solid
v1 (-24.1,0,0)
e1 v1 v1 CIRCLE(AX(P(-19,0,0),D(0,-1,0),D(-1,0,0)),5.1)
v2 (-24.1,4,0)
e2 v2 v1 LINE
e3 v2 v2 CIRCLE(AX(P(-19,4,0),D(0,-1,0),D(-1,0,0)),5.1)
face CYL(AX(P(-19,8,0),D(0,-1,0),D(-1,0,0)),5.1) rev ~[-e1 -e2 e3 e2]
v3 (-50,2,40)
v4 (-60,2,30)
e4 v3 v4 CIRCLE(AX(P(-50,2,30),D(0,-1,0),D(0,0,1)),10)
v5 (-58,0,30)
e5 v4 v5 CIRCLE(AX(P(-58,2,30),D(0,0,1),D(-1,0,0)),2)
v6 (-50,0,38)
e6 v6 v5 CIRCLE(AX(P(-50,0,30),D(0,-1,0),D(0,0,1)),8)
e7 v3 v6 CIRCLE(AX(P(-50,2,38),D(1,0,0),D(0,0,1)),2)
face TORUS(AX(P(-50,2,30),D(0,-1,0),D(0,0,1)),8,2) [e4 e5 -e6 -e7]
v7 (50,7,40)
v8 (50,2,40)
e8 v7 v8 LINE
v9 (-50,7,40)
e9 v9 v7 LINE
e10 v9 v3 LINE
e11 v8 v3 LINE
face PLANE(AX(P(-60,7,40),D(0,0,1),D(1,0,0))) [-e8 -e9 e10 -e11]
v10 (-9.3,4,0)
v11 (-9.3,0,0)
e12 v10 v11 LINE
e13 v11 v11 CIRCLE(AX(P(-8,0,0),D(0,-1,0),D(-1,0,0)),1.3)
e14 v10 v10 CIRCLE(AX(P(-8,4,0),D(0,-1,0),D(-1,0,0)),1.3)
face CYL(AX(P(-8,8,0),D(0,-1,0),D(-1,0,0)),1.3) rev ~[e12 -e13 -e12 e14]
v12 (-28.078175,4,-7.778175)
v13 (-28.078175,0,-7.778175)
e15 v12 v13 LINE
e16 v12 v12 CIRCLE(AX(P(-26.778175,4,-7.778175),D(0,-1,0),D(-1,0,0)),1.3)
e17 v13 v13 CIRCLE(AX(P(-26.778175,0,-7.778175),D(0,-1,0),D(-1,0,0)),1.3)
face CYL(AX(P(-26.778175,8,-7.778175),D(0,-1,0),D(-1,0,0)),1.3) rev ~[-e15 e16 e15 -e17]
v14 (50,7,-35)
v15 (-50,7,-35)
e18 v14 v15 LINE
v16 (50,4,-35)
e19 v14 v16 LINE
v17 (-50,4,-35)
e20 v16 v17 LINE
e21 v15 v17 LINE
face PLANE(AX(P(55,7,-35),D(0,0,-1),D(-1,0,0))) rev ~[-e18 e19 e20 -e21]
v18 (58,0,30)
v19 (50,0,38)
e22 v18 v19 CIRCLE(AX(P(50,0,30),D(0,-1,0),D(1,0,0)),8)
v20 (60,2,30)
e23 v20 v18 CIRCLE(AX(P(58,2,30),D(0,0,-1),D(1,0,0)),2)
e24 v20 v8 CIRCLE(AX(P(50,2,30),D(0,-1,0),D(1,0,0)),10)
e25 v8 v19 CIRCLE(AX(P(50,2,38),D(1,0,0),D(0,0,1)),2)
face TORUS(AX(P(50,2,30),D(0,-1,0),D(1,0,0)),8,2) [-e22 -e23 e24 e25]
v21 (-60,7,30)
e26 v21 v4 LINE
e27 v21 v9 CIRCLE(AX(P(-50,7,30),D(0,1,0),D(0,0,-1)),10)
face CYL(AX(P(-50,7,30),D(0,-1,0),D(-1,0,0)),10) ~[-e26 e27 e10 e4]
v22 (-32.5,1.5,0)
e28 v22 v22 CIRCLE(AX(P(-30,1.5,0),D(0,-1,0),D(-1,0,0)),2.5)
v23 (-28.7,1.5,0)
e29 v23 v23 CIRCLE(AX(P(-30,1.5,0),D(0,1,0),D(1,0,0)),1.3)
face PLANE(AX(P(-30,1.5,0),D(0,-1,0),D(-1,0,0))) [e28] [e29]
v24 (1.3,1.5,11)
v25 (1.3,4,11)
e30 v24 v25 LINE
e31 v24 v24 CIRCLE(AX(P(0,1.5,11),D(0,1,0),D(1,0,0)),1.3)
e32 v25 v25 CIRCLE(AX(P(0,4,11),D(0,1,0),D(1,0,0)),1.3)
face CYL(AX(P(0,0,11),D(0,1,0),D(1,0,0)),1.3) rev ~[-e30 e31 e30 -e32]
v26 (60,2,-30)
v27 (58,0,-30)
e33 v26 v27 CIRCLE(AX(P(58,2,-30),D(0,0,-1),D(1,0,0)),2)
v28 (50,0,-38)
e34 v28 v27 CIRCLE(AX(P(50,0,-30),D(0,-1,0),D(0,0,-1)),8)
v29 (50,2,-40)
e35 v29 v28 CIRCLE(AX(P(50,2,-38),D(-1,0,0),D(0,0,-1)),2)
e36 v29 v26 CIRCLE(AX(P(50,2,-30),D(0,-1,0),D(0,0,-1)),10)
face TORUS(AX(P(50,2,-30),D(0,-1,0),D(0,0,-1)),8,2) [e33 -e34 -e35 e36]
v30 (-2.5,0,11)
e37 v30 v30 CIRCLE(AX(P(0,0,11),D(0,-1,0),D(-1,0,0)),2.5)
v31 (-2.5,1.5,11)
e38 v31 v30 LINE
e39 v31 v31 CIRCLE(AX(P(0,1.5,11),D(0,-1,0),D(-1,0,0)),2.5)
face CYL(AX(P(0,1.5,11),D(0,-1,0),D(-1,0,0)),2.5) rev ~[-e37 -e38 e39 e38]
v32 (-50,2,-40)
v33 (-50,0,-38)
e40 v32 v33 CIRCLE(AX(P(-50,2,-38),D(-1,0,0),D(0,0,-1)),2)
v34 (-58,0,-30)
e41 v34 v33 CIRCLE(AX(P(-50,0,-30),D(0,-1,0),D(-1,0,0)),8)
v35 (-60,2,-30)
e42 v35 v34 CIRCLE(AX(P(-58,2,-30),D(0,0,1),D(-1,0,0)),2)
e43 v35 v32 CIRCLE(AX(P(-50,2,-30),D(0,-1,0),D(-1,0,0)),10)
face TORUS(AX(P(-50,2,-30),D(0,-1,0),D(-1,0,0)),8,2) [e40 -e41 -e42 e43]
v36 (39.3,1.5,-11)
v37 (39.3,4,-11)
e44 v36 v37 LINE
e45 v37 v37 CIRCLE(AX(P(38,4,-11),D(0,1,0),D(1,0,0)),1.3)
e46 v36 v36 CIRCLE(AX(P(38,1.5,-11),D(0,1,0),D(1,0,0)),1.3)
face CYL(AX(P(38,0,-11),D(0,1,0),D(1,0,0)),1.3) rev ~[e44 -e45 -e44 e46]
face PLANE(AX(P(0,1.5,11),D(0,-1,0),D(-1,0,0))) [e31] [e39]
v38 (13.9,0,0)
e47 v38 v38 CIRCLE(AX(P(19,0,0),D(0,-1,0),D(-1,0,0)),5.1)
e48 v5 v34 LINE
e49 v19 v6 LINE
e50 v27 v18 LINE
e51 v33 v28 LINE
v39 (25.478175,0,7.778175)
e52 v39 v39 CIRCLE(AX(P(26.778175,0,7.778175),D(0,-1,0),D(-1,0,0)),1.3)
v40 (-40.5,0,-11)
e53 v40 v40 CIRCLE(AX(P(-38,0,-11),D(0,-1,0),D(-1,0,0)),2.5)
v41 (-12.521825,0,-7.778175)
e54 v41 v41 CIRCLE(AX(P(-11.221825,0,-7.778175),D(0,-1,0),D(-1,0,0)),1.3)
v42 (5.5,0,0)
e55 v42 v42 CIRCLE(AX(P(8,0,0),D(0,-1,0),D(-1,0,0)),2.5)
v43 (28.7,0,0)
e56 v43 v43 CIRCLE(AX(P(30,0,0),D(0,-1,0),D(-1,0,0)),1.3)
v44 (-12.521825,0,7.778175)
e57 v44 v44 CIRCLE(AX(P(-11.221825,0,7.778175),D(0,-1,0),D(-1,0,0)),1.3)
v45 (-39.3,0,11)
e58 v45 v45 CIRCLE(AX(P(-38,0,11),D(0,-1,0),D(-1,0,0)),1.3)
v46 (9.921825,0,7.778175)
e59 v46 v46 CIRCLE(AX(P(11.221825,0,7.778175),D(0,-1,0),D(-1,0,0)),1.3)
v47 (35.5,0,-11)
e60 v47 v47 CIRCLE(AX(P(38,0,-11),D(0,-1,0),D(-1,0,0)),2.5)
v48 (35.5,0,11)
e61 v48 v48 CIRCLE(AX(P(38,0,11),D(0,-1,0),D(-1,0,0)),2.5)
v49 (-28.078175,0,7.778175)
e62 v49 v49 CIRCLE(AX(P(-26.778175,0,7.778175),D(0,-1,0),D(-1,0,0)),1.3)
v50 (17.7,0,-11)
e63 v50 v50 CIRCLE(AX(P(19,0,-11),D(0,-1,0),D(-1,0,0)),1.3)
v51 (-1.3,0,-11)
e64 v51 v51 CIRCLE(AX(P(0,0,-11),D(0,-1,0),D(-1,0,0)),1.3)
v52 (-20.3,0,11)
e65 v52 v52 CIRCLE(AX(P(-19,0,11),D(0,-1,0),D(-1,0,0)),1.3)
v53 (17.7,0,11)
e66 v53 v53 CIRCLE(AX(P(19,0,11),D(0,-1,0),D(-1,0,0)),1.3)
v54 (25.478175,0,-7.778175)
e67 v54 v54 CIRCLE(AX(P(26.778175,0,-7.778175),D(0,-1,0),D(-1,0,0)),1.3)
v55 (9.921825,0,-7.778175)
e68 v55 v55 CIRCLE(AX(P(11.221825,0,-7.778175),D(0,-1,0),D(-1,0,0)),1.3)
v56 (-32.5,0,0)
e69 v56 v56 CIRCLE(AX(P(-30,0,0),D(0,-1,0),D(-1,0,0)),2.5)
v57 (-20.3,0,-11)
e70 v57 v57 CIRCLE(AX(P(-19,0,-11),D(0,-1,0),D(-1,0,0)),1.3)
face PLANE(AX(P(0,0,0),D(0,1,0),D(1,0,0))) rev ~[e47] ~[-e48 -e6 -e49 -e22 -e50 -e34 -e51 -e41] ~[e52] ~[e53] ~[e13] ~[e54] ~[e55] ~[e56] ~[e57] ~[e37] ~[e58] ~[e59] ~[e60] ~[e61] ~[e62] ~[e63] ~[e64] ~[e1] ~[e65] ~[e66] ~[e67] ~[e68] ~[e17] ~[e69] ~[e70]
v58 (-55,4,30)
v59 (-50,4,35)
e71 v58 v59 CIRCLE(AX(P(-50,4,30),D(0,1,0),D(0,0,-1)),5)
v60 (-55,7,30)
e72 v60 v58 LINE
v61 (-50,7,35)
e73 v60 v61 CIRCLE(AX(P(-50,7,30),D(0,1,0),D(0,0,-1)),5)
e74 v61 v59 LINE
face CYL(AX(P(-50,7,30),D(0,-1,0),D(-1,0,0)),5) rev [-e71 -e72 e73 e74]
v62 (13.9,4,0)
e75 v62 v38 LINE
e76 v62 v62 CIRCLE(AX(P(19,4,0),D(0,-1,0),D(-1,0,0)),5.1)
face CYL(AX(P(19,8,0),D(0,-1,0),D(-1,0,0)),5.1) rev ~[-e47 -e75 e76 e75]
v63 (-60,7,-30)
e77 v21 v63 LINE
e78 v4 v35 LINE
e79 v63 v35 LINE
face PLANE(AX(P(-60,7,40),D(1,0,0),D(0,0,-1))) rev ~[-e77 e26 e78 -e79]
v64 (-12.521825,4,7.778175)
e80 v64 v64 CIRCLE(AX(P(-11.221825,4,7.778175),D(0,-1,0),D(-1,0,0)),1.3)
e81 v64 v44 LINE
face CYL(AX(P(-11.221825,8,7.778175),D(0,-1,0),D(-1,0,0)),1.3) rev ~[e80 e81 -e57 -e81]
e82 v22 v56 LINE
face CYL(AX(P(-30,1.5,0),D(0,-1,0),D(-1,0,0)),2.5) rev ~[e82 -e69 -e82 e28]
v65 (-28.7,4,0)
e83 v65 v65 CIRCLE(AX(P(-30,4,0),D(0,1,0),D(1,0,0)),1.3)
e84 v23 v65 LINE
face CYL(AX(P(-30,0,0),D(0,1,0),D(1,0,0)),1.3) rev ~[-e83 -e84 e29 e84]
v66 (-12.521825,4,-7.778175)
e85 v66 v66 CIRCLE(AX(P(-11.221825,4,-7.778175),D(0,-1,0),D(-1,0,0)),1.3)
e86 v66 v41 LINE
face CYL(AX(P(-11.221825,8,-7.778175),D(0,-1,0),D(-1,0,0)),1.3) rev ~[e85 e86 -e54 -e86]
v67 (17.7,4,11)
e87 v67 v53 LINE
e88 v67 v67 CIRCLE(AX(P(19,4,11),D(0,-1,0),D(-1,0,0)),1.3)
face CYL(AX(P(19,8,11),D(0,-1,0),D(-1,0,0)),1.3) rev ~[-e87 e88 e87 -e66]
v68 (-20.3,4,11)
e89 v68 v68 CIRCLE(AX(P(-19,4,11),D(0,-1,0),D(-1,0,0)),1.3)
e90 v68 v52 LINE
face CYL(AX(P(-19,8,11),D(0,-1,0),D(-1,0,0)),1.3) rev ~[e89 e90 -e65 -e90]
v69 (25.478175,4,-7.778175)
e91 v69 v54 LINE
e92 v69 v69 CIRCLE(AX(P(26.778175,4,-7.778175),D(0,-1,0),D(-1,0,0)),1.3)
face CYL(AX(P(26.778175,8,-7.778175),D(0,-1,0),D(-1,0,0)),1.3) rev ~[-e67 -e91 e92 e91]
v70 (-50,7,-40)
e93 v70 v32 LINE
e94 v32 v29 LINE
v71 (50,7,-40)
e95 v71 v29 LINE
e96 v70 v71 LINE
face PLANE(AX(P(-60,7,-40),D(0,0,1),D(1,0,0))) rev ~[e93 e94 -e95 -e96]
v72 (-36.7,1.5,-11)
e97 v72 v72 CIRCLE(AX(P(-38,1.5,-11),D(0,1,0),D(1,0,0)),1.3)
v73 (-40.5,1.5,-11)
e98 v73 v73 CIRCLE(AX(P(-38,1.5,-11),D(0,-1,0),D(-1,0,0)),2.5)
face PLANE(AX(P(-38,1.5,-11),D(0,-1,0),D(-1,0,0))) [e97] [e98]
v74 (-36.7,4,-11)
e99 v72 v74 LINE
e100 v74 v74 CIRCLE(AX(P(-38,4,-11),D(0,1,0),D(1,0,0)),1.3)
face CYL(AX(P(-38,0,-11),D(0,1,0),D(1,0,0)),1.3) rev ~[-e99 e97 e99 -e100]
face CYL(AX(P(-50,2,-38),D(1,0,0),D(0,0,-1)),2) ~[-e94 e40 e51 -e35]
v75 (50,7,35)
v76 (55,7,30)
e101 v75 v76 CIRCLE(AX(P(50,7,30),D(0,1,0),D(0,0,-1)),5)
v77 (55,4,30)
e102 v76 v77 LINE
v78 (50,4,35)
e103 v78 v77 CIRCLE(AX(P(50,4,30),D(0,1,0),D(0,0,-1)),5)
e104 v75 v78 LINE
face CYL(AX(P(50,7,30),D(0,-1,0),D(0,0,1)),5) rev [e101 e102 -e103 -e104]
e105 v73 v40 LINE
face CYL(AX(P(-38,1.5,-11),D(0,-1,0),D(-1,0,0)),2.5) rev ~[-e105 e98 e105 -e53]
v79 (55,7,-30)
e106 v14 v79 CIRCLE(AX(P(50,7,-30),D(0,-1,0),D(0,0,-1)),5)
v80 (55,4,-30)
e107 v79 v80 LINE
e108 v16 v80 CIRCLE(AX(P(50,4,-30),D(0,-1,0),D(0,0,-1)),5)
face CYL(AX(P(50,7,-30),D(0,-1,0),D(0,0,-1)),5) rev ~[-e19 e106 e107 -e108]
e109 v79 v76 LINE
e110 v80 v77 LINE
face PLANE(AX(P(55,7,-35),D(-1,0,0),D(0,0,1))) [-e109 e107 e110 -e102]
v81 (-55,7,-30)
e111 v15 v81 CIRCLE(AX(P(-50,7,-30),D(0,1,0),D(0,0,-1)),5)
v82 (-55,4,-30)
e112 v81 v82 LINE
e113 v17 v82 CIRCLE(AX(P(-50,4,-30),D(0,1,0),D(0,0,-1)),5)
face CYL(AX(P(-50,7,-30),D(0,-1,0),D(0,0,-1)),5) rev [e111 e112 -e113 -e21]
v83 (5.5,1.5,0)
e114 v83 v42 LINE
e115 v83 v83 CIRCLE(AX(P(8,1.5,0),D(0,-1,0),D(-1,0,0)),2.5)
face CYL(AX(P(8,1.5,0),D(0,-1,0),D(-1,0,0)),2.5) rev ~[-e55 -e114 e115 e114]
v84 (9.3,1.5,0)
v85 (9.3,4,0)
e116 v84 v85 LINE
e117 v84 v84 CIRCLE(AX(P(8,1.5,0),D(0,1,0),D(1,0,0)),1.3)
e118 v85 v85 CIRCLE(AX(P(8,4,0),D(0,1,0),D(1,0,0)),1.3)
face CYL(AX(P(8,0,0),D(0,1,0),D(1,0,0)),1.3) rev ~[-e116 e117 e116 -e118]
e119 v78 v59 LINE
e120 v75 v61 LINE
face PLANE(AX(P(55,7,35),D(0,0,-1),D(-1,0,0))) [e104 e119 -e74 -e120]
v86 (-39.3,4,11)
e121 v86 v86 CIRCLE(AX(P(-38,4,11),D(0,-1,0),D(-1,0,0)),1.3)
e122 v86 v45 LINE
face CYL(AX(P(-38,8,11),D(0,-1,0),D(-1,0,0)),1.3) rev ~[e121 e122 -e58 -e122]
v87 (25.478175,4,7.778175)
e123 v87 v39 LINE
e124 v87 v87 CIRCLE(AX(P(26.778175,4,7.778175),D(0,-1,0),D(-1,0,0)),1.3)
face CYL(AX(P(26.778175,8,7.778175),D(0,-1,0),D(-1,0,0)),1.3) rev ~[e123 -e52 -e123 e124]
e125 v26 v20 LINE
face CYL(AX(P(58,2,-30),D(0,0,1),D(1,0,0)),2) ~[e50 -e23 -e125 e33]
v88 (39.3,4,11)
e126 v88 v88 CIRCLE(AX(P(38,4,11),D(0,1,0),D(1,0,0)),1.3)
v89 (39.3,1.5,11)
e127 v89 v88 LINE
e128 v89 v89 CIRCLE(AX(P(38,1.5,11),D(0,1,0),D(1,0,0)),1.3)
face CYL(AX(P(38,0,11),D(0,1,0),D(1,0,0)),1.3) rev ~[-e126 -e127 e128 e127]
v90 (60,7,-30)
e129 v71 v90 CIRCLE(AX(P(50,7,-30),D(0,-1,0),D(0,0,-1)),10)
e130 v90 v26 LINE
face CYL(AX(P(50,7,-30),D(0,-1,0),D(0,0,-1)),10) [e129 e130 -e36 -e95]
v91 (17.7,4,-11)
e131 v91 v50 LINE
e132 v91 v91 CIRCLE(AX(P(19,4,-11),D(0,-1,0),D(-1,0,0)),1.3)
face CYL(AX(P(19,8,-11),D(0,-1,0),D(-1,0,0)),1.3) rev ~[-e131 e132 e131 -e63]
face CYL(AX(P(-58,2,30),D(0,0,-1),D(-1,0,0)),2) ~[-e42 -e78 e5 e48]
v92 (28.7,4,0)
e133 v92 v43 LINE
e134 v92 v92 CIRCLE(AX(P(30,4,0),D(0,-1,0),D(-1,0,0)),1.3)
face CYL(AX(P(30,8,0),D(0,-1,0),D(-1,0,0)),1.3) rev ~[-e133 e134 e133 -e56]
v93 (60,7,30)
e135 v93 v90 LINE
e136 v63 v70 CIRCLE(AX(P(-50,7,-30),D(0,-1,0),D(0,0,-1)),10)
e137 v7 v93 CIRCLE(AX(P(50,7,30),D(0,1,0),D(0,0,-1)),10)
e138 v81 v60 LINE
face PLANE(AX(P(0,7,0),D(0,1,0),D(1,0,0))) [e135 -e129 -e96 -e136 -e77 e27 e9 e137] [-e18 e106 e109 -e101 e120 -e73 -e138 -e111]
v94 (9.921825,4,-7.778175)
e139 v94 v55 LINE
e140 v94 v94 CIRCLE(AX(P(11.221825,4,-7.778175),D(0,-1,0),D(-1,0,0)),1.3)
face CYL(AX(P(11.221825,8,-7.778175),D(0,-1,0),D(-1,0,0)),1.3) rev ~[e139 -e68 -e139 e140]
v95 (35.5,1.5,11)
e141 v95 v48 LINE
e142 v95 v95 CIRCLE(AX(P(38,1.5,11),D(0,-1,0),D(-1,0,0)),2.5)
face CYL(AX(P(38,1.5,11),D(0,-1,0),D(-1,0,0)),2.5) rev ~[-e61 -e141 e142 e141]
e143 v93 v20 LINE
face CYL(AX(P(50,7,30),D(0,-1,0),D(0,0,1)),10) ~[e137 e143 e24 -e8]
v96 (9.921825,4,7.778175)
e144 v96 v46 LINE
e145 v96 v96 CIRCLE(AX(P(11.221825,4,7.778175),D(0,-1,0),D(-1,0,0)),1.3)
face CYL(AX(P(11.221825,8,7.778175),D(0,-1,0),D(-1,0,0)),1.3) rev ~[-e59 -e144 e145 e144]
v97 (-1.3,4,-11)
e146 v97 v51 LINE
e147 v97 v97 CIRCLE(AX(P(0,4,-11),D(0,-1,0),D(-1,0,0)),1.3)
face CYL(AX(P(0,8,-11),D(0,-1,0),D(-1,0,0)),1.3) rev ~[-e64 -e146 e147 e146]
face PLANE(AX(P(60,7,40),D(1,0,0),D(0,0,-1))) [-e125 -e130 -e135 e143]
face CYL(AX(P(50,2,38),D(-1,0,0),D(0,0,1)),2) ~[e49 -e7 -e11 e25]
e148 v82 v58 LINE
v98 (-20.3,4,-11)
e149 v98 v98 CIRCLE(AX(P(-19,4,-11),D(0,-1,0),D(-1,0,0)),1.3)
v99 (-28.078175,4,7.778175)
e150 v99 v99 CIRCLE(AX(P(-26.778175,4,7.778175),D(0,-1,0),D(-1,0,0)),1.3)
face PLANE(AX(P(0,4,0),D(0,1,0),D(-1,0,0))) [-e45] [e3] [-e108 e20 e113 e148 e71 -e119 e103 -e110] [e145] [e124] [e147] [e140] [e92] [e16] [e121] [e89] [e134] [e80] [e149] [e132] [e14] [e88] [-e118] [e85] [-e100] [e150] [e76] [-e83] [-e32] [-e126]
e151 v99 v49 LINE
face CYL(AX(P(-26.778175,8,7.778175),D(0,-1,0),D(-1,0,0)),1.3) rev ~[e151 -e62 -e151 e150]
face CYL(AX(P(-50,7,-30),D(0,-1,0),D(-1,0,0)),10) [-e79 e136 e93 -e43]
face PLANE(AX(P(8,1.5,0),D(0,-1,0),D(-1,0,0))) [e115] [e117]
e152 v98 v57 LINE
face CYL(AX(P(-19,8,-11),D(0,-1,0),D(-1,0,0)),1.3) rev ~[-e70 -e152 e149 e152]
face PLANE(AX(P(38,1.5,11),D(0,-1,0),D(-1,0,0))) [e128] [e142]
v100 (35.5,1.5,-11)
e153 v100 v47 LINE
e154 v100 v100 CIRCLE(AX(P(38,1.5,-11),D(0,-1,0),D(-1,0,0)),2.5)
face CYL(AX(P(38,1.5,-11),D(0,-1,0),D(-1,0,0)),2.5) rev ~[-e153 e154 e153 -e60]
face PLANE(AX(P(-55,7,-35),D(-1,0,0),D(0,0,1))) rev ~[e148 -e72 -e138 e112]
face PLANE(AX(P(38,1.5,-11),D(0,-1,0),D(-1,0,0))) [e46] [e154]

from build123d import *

# Parameters (mm, degrees)
SKETCH1_W                                        = 120
SKETCH1_H                                        = 80
BOSS_EXTRUDE1_DEPTH                              = 7
SKETCH2_W                                        = 110
SKETCH2_H                                        = 70
CUT_EXTRUDE1_DEPTH                               = 3
F_2_6_2_6_DIAMETER_HOLE1_D                       = 2.6
F_2_6_2_6_DIAMETER_HOLE1_DEPTH                   = 4
F_10_2_10_2_DIAMETER_HOLE1_D                     = 10.2
F_10_2_10_2_DIAMETER_HOLE1_DEPTH                 = 4
CBORE_FOR_M2_HEX_HEAD_MACHINE_SCREW1_D           = 2.6
CBORE_FOR_M2_HEX_HEAD_MACHINE_SCREW1_DEPTH       = 7
CBORE_FOR_M2_HEX_HEAD_MACHINE_SCREW1_CBORE_D     = 5
CBORE_FOR_M2_HEX_HEAD_MACHINE_SCREW1_CBORE_DEPTH = 1.5
FILLET1_R                                        = 10
FILLET2_R                                        = 2
FILLET3_R                                        = 5


with BuildPart() as part:
    # Sketch1 → Boss-Extrude1 (new body)
    with BuildSketch(Plane(origin=(0, 7, 0), x_dir=(1, 0, 0), z_dir=(0, 1, 0))):
        Rectangle(SKETCH1_W, SKETCH1_H)
    extrude(amount=-BOSS_EXTRUDE1_DEPTH)

    # Sketch2 → Cut-Extrude1 (cut)
    with BuildSketch(Plane(origin=(0, 7, 0), x_dir=(-1, 0, 0), z_dir=(0, 1, 0))):
        Rectangle(SKETCH2_W, SKETCH2_H)
    extrude(amount=-CUT_EXTRUDE1_DEPTH, mode=Mode.SUBTRACT)

    # Ø2.6 (2.6) Diameter Hole1
    with Locations(Plane(origin=(0, 4, 0), x_dir=(1, 0, 0), z_dir=(0, 1, 0))):
        with Locations((-38, -11), (0, 11), (-11.221825407, -7.778174593), (-19, -11), (-26.778174593, -7.778174593), (-26.778174593, 7.778174593), (-19, 11), (-11.221825407, 7.778174593), (11.221825407, 7.778174593), (19, 11), (26.778174593, 7.778174593), (30, 0), (26.778174593, -7.778174593), (19, -11), (11.221825407, -7.778174593), (-8, 0)):
            Hole(F_2_6_2_6_DIAMETER_HOLE1_D / 2, depth=F_2_6_2_6_DIAMETER_HOLE1_DEPTH)

    # Ø10.2 (10.2) Diameter Hole1
    with Locations(Plane(origin=(0, 4, 0), x_dir=(1, 0, 0), z_dir=(0, 1, 0))):
        with Locations((19, 0), (-19, 0)):
            Hole(F_10_2_10_2_DIAMETER_HOLE1_D / 2, depth=F_10_2_10_2_DIAMETER_HOLE1_DEPTH)

    # CBORE for M2 Hex Head Machine Screw1
    with Locations(Plane(origin=(0, 0, 0), x_dir=(-1, 0, 0), z_dir=(0, -1, 0))):
        with Locations((-8, 0), (30, 0), (38, 11), (-38, 11), (0, -11), (-38, -11)):
            CounterBoreHole(CBORE_FOR_M2_HEX_HEAD_MACHINE_SCREW1_D / 2, CBORE_FOR_M2_HEX_HEAD_MACHINE_SCREW1_CBORE_D / 2, CBORE_FOR_M2_HEX_HEAD_MACHINE_SCREW1_CBORE_DEPTH, depth=CBORE_FOR_M2_HEX_HEAD_MACHINE_SCREW1_DEPTH)

    # Fillet1
    fillet1_edges = [part.edges().sort_by_distance(p)[0] for p in [
        (-60, 3.5, -40),
        (60, 3.5, -40),
        (60, 3.5, 40),
        (-60, 3.5, 40),
    ]]
    fillet(fillet1_edges, radius=FILLET1_R)

    # Fillet2
    fillet2_edges = [part.edges().sort_by_distance(p)[0] for p in [
        (-60, 0, 0),
        (0, 0, 40),
        (0, 0, -40),
        (60, 0, 0),
        (57.071067812, 0, 37.071067812),
        (57.071067812, 0, -37.071067812),
        (-57.071067812, 0, -37.071067812),
        (-57.071067812, 0, 37.071067812),
    ]]
    fillet(fillet2_edges, radius=FILLET2_R)

    # Fillet3
    fillet3_edges = [part.edges().sort_by_distance(p)[0] for p in [
        (-55, 5.5, 35),
        (-55, 5.5, -35),
        (55, 5.5, -35),
        (55, 5.5, 35),
    ]]
    fillet(fillet3_edges, radius=FILLET3_R)


solid = part.part
